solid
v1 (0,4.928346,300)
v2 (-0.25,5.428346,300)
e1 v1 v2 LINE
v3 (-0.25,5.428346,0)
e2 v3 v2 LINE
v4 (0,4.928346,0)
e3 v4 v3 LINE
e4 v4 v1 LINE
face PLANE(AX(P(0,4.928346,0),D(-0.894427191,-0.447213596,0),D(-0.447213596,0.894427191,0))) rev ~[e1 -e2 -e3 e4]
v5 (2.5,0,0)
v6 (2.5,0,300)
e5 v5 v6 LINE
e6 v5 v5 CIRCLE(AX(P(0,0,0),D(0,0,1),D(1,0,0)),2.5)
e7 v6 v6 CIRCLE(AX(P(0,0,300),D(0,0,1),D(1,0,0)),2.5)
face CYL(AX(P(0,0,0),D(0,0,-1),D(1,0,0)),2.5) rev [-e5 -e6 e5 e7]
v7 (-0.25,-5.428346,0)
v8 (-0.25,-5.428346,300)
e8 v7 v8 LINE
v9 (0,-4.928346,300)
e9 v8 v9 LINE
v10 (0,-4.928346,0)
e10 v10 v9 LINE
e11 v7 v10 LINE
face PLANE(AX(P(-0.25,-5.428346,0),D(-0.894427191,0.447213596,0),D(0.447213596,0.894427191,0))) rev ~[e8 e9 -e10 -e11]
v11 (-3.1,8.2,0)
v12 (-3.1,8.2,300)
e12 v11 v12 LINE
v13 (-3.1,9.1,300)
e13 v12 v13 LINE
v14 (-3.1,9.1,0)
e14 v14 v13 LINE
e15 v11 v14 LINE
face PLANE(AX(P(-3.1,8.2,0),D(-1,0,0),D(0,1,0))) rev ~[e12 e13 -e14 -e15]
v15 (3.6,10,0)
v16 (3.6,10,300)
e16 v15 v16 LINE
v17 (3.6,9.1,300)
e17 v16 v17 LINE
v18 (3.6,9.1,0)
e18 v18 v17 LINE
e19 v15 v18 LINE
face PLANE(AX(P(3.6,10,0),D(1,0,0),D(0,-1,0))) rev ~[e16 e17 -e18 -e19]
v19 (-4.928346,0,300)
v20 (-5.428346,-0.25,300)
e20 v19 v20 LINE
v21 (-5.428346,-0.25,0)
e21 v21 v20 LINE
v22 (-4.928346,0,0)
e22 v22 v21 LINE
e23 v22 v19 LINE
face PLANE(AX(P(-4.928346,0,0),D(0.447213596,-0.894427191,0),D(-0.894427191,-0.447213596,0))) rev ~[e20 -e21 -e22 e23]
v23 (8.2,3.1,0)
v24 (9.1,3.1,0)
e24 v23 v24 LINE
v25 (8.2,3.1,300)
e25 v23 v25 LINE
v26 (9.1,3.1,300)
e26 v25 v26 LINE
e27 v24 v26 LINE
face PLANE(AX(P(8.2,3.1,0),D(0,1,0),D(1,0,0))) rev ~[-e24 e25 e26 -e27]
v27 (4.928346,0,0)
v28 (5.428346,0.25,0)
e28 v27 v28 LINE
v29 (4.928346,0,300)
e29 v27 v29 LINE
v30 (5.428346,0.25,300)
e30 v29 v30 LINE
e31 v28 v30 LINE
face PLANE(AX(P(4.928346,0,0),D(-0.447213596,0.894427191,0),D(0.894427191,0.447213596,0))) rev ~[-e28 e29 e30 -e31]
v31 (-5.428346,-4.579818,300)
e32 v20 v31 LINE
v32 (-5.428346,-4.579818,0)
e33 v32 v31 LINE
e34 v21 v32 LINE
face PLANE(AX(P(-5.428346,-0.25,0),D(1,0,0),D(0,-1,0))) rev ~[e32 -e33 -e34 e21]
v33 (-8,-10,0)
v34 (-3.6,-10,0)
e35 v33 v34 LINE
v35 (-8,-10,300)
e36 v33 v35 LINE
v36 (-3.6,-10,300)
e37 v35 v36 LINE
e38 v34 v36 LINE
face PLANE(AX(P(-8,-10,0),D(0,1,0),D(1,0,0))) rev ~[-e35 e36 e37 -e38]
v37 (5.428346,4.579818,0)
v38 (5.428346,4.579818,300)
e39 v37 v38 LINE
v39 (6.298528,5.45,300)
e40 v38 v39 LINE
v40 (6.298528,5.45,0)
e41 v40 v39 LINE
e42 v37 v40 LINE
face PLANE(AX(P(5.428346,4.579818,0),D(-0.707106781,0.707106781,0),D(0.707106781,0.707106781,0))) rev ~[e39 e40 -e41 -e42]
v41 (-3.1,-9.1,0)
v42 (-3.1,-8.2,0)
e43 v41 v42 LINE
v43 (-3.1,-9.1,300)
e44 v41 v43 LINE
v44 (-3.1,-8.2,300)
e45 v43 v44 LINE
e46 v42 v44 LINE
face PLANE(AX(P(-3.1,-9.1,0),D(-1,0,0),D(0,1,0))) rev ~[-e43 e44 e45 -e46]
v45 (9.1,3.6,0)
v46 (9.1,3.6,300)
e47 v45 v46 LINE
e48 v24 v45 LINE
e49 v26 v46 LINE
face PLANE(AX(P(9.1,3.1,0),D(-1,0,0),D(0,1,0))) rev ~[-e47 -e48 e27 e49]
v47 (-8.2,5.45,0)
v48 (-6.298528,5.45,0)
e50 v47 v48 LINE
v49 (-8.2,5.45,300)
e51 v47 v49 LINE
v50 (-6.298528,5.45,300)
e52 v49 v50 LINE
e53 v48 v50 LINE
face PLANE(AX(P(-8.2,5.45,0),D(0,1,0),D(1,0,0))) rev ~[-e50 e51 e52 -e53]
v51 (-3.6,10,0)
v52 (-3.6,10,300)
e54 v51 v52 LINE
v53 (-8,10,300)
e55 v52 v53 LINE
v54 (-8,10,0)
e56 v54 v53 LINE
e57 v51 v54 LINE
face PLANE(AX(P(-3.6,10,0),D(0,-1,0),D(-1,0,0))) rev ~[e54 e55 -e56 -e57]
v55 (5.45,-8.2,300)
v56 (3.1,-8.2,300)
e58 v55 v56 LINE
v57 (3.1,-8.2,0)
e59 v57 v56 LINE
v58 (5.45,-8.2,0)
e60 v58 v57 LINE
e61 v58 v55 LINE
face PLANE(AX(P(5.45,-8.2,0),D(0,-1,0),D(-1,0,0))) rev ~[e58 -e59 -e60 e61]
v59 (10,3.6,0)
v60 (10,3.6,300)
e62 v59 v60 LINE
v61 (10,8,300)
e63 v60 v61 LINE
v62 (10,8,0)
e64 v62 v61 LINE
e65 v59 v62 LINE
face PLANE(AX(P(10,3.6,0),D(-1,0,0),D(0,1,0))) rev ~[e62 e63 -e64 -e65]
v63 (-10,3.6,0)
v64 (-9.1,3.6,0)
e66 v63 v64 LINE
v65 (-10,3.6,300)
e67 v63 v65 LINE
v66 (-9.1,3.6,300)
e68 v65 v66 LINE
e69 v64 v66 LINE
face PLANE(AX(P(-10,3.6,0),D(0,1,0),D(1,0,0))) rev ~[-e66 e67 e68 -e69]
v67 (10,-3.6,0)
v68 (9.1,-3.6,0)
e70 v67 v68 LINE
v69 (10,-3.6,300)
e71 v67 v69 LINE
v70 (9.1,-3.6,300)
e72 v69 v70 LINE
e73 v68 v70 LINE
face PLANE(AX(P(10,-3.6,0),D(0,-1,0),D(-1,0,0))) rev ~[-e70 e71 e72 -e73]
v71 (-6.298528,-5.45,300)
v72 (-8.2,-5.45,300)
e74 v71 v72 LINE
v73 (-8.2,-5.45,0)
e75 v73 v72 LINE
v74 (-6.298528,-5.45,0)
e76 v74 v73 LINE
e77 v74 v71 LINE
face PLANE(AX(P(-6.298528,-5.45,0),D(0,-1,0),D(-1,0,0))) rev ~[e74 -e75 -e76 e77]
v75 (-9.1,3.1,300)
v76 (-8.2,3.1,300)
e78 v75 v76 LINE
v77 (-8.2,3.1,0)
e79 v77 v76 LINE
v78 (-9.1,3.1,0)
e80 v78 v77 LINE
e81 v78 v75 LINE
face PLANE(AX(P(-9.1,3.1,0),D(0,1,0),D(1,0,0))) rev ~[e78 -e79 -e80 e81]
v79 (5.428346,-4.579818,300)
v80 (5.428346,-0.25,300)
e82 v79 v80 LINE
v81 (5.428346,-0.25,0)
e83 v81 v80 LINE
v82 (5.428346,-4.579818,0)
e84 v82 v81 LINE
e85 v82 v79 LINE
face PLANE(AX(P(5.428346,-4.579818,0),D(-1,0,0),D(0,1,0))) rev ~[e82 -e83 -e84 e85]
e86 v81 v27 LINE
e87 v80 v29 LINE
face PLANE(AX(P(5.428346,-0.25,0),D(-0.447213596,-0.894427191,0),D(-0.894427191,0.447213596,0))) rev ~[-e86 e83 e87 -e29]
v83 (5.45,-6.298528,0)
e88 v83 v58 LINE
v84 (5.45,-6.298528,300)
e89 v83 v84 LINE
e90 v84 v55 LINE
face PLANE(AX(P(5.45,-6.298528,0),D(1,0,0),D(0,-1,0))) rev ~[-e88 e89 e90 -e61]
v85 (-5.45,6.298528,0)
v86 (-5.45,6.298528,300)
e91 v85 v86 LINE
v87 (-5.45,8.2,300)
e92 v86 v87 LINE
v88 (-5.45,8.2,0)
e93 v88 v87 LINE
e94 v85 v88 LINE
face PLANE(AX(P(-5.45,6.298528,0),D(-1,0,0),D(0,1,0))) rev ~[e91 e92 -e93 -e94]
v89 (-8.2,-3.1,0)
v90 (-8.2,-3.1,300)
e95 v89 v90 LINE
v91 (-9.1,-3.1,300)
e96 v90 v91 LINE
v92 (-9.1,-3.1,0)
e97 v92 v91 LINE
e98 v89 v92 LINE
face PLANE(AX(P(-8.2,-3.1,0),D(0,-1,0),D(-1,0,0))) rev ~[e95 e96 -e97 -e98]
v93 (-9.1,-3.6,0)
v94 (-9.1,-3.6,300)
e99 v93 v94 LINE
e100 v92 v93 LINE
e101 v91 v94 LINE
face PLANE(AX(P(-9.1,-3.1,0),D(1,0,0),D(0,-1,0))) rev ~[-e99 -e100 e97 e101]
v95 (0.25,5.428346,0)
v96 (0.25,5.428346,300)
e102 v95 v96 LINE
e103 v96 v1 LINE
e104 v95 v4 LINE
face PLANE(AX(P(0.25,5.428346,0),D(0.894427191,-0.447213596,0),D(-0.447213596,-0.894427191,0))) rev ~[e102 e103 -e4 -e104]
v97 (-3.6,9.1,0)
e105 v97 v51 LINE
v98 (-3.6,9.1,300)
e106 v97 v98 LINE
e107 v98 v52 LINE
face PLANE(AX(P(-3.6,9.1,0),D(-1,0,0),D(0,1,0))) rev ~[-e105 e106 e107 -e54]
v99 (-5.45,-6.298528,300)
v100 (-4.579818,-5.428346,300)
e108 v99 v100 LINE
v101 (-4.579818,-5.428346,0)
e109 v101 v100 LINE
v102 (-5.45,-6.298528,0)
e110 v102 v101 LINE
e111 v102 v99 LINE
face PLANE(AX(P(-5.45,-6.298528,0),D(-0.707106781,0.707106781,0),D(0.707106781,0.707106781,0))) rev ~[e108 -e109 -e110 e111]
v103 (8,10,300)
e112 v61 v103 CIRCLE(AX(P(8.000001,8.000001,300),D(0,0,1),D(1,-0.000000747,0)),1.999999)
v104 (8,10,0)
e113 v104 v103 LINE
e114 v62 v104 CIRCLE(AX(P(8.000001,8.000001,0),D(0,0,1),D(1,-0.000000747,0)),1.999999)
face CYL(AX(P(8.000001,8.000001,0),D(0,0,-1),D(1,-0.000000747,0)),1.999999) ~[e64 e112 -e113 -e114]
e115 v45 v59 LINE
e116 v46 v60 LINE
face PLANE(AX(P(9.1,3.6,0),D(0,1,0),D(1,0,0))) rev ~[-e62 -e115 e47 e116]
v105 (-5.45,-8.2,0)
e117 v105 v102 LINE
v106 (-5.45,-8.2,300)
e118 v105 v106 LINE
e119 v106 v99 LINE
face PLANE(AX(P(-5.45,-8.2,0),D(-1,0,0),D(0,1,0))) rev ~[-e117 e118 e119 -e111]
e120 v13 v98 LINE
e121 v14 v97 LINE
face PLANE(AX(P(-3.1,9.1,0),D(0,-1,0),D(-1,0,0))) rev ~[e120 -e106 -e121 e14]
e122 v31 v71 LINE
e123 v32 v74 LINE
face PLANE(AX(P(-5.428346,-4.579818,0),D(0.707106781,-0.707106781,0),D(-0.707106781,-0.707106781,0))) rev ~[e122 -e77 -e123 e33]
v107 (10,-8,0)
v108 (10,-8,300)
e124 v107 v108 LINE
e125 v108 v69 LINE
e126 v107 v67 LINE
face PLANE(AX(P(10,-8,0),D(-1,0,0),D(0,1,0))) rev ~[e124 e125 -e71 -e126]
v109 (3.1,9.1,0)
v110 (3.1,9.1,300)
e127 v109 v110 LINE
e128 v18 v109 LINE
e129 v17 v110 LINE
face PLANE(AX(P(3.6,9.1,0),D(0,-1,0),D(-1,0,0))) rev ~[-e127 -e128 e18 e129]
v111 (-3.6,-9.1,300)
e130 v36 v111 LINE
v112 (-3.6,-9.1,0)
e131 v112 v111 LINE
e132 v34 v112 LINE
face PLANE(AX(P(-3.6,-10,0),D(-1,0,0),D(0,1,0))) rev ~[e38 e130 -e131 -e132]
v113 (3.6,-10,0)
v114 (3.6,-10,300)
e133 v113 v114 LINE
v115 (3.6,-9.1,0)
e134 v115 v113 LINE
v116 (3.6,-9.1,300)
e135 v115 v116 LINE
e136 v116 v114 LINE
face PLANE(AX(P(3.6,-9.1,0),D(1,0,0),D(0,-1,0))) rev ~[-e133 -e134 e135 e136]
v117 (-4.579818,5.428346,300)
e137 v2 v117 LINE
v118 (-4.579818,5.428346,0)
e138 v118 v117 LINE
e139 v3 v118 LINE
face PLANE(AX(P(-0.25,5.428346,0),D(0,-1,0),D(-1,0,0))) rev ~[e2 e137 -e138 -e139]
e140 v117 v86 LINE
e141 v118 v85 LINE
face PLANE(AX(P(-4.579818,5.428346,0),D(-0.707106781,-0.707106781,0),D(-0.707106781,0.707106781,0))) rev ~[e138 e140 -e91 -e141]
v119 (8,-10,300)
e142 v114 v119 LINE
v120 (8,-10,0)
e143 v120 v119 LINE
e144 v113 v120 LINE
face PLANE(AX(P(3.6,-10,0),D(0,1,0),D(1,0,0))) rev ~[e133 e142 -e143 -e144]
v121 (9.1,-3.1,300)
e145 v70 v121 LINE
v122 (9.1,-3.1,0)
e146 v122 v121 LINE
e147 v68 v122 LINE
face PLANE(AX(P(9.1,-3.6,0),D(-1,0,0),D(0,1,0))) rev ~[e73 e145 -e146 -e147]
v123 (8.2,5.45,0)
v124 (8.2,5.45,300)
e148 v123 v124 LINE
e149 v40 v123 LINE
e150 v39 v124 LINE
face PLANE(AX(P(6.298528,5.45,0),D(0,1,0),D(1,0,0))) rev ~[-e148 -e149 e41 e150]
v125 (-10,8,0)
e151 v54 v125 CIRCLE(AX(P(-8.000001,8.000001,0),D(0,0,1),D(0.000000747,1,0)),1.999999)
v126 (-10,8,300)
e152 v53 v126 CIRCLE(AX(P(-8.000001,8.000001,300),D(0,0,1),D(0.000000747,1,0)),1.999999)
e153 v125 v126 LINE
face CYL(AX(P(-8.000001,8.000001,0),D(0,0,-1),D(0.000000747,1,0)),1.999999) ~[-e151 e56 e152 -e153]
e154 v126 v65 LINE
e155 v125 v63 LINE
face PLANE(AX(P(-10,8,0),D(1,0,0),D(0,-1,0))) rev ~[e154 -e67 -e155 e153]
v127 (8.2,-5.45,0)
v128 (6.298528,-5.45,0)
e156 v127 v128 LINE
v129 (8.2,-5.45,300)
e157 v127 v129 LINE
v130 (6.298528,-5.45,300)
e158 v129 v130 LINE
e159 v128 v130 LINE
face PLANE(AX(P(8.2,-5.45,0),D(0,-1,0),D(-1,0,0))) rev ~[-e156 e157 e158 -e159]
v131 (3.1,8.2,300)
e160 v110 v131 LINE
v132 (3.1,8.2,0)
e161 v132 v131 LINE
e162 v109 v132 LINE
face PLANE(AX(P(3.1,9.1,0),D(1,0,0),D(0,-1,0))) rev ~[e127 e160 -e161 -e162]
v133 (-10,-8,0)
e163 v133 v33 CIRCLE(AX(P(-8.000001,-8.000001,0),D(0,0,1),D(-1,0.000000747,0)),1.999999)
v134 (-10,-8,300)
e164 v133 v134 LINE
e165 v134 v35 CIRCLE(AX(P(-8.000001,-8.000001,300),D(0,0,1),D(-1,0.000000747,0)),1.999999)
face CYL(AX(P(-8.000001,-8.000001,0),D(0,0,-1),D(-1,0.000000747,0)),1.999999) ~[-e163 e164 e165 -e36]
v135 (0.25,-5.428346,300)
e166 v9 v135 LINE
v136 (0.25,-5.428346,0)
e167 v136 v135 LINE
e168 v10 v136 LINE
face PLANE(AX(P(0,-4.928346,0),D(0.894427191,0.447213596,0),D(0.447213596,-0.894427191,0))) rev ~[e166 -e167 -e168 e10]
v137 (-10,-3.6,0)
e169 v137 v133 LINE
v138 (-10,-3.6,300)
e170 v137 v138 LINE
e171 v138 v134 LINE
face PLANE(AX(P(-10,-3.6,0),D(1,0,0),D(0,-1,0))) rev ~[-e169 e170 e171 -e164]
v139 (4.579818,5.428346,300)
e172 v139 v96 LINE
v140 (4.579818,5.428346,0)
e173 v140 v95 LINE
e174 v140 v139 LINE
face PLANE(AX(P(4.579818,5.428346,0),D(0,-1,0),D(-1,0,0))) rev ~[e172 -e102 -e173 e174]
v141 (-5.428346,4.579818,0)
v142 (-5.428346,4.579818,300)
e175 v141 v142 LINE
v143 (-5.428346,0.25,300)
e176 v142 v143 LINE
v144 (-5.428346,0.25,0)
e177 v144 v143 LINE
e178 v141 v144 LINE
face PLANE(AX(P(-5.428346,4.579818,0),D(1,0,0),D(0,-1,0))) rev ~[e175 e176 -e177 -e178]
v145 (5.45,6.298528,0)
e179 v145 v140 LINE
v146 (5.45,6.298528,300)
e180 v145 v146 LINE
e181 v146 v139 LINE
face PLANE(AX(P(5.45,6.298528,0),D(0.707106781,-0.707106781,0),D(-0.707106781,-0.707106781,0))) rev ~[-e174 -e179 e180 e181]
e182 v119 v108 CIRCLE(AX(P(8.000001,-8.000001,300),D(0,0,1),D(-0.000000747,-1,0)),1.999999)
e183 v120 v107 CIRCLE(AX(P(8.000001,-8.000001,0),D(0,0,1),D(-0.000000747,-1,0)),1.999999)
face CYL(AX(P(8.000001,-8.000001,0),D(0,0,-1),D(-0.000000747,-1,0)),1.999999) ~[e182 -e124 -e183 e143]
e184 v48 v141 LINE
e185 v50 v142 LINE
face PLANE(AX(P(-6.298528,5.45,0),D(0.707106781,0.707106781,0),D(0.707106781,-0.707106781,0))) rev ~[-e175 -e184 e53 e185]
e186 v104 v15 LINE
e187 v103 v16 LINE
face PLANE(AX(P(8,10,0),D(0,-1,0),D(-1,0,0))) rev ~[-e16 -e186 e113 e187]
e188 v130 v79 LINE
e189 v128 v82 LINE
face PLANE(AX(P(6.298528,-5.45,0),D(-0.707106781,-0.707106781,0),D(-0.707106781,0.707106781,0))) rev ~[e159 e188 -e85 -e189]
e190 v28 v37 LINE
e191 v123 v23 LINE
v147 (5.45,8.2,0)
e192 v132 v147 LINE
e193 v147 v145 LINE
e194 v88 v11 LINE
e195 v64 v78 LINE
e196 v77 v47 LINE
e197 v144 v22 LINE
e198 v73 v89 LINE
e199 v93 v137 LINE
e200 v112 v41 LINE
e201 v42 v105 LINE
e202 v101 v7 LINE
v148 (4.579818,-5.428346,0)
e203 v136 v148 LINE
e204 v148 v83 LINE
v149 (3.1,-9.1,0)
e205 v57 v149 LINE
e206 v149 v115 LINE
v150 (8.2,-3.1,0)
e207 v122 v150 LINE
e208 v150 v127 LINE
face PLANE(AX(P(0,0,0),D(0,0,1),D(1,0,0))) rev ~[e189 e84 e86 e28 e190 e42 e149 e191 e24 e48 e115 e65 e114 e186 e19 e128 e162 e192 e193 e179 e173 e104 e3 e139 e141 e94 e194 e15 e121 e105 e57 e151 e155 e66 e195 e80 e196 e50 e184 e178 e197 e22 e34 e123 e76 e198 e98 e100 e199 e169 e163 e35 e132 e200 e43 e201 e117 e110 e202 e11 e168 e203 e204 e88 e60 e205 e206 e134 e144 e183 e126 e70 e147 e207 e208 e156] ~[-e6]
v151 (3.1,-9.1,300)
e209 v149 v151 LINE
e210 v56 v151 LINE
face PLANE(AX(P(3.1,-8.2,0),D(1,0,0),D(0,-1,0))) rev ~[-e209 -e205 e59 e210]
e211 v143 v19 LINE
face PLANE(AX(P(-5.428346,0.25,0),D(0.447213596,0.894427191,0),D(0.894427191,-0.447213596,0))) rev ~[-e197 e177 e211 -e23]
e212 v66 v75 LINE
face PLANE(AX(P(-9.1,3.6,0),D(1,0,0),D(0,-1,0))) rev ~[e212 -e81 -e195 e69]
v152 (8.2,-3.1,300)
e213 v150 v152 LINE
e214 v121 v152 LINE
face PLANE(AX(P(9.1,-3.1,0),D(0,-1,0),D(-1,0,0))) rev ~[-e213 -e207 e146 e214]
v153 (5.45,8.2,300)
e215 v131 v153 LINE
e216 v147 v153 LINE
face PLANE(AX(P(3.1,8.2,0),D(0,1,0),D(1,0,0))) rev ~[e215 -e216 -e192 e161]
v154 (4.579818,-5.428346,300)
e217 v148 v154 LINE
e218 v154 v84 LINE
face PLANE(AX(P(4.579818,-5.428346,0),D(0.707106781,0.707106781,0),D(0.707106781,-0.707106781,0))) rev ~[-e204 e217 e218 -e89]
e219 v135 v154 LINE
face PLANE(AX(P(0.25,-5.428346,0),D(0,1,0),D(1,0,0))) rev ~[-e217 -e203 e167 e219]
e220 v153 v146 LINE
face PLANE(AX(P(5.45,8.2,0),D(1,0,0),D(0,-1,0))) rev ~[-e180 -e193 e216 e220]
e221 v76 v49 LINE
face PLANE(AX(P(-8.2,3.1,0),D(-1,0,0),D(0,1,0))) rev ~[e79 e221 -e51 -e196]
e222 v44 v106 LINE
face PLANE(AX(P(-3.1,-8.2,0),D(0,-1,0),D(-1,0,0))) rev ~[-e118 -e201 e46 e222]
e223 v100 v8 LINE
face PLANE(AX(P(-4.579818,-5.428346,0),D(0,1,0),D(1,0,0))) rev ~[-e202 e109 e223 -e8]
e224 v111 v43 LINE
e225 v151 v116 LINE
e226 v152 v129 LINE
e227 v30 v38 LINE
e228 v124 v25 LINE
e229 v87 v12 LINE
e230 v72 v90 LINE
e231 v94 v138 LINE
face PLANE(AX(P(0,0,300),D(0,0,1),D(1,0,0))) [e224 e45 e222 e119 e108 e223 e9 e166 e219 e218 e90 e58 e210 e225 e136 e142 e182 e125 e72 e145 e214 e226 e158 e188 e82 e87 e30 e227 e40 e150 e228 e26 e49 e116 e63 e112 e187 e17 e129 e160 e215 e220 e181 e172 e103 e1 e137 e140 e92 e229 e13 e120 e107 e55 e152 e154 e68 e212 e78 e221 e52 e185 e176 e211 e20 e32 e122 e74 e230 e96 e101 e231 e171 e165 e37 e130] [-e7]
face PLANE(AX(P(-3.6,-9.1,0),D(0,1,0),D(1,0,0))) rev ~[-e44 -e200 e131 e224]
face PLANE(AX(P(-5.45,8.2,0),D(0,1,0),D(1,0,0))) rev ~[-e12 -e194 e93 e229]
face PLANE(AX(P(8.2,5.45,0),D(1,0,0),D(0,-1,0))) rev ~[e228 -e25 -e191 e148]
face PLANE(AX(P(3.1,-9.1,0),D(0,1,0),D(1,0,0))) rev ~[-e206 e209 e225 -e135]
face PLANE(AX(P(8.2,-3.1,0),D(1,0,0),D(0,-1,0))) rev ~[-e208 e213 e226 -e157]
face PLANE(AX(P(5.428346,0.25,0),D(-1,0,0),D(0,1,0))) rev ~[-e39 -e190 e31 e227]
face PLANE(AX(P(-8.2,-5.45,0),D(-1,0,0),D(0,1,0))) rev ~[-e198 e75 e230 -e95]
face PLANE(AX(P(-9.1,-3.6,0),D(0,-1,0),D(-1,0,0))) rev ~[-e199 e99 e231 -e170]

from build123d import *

# Parameters (mm, degrees)
F0_R     = 2.5
F1_DEPTH = 300


with BuildPart() as f1:
    # F0 (on Top) → F1 (new body)
    with BuildSketch(Plane.XY):
        with BuildLine():
            ThreePointArc((10, 8), (9.414214, 9.414214), (8, 10))
            Line((8, 10), (3.6, 10))
            Line((3.6, 10), (3.6, 9.1))
            Line((3.6, 9.1), (3.1, 9.1))
            Line((3.1, 9.1), (3.1, 8.2))
            Line((3.1, 8.2), (5.45, 8.2))
            Line((5.45, 8.2), (5.45, 6.298528))
            Line((5.45, 6.298528), (4.579818, 5.428346))
            Line((4.579818, 5.428346), (0.25, 5.428346))
            Line((0.25, 5.428346), (0, 4.928346))
            Line((0, 4.928346), (-0.25, 5.428346))
            Line((-0.25, 5.428346), (-4.579818, 5.428346))
            Line((-4.579818, 5.428346), (-5.45, 6.298528))
            Line((-5.45, 6.298528), (-5.45, 8.2))
            Line((-5.45, 8.2), (-3.1, 8.2))
            Line((-3.1, 8.2), (-3.1, 9.1))
            Line((-3.1, 9.1), (-3.6, 9.1))
            Line((-3.6, 9.1), (-3.6, 10))
            Line((-3.6, 10), (-8, 10))
            ThreePointArc((-8, 10), (-9.414214, 9.414214), (-10, 8))
            Line((-10, 8), (-10, 3.6))
            Line((-10, 3.6), (-9.1, 3.6))
            Line((-9.1, 3.6), (-9.1, 3.1))
            Line((-9.1, 3.1), (-8.2, 3.1))
            Line((-8.2, 3.1), (-8.2, 5.45))
            Line((-8.2, 5.45), (-6.298528, 5.45))
            Line((-6.298528, 5.45), (-5.428346, 4.579818))
            Line((-5.428346, 4.579818), (-5.428346, 0.25))
            Line((-5.428346, 0.25), (-4.928346, 0))
            Line((-4.928346, 0), (-5.428346, -0.25))
            Line((-5.428346, -0.25), (-5.428346, -4.579818))
            Line((-5.428346, -4.579818), (-6.298528, -5.45))
            Line((-6.298528, -5.45), (-8.2, -5.45))
            Line((-8.2, -5.45), (-8.2, -3.1))
            Line((-8.2, -3.1), (-9.1, -3.1))
            Line((-9.1, -3.1), (-9.1, -3.6))
            Line((-9.1, -3.6), (-10, -3.6))
            Line((-10, -3.6), (-10, -8))
            ThreePointArc((-10, -8), (-9.414214, -9.414214), (-8, -10))
            Line((-8, -10), (-3.6, -10))
            Line((-3.6, -10), (-3.6, -9.1))
            Line((-3.6, -9.1), (-3.1, -9.1))
            Line((-3.1, -9.1), (-3.1, -8.2))
            Line((-3.1, -8.2), (-5.45, -8.2))
            Line((-5.45, -8.2), (-5.45, -6.298528))
            Line((-5.45, -6.298528), (-4.579818, -5.428346))
            Line((-4.579818, -5.428346), (-0.25, -5.428346))
            Line((-0.25, -5.428346), (0, -4.928346))
            Line((0, -4.928346), (0.25, -5.428346))
            Line((0.25, -5.428346), (4.579818, -5.428346))
            Line((4.579818, -5.428346), (5.45, -6.298528))
            Line((5.45, -6.298528), (5.45, -8.2))
            Line((5.45, -8.2), (3.1, -8.2))
            Line((3.1, -8.2), (3.1, -9.1))
            Line((3.1, -9.1), (3.6, -9.1))
            Line((3.6, -9.1), (3.6, -10))
            Line((3.6, -10), (8, -10))
            ThreePointArc((8, -10), (9.414214, -9.414214), (10, -8))
            Line((10, -8), (10, -3.6))
            Line((10, -3.6), (9.1, -3.6))
            Line((9.1, -3.6), (9.1, -3.1))
            Line((9.1, -3.1), (8.2, -3.1))
            Line((8.2, -3.1), (8.2, -5.45))
            Line((8.2, -5.45), (6.298528, -5.45))
            Line((6.298528, -5.45), (5.428346, -4.579818))
            Line((5.428346, -4.579818), (5.428346, -0.25))
            Line((5.428346, -0.25), (4.928346, 0))
            Line((4.928346, 0), (5.428346, 0.25))
            Line((5.428346, 0.25), (5.428346, 4.579818))
            Line((5.428346, 4.579818), (6.298528, 5.45))
            Line((6.298528, 5.45), (8.2, 5.45))
            Line((8.2, 5.45), (8.2, 3.1))
            Line((8.2, 3.1), (9.1, 3.1))
            Line((9.1, 3.1), (9.1, 3.6))
            Line((9.1, 3.6), (10, 3.6))
            Line((10, 3.6), (10, 8))
        make_face()
        Circle(F0_R, mode=Mode.SUBTRACT)
    extrude(amount=F1_DEPTH)


solid = f1.part
